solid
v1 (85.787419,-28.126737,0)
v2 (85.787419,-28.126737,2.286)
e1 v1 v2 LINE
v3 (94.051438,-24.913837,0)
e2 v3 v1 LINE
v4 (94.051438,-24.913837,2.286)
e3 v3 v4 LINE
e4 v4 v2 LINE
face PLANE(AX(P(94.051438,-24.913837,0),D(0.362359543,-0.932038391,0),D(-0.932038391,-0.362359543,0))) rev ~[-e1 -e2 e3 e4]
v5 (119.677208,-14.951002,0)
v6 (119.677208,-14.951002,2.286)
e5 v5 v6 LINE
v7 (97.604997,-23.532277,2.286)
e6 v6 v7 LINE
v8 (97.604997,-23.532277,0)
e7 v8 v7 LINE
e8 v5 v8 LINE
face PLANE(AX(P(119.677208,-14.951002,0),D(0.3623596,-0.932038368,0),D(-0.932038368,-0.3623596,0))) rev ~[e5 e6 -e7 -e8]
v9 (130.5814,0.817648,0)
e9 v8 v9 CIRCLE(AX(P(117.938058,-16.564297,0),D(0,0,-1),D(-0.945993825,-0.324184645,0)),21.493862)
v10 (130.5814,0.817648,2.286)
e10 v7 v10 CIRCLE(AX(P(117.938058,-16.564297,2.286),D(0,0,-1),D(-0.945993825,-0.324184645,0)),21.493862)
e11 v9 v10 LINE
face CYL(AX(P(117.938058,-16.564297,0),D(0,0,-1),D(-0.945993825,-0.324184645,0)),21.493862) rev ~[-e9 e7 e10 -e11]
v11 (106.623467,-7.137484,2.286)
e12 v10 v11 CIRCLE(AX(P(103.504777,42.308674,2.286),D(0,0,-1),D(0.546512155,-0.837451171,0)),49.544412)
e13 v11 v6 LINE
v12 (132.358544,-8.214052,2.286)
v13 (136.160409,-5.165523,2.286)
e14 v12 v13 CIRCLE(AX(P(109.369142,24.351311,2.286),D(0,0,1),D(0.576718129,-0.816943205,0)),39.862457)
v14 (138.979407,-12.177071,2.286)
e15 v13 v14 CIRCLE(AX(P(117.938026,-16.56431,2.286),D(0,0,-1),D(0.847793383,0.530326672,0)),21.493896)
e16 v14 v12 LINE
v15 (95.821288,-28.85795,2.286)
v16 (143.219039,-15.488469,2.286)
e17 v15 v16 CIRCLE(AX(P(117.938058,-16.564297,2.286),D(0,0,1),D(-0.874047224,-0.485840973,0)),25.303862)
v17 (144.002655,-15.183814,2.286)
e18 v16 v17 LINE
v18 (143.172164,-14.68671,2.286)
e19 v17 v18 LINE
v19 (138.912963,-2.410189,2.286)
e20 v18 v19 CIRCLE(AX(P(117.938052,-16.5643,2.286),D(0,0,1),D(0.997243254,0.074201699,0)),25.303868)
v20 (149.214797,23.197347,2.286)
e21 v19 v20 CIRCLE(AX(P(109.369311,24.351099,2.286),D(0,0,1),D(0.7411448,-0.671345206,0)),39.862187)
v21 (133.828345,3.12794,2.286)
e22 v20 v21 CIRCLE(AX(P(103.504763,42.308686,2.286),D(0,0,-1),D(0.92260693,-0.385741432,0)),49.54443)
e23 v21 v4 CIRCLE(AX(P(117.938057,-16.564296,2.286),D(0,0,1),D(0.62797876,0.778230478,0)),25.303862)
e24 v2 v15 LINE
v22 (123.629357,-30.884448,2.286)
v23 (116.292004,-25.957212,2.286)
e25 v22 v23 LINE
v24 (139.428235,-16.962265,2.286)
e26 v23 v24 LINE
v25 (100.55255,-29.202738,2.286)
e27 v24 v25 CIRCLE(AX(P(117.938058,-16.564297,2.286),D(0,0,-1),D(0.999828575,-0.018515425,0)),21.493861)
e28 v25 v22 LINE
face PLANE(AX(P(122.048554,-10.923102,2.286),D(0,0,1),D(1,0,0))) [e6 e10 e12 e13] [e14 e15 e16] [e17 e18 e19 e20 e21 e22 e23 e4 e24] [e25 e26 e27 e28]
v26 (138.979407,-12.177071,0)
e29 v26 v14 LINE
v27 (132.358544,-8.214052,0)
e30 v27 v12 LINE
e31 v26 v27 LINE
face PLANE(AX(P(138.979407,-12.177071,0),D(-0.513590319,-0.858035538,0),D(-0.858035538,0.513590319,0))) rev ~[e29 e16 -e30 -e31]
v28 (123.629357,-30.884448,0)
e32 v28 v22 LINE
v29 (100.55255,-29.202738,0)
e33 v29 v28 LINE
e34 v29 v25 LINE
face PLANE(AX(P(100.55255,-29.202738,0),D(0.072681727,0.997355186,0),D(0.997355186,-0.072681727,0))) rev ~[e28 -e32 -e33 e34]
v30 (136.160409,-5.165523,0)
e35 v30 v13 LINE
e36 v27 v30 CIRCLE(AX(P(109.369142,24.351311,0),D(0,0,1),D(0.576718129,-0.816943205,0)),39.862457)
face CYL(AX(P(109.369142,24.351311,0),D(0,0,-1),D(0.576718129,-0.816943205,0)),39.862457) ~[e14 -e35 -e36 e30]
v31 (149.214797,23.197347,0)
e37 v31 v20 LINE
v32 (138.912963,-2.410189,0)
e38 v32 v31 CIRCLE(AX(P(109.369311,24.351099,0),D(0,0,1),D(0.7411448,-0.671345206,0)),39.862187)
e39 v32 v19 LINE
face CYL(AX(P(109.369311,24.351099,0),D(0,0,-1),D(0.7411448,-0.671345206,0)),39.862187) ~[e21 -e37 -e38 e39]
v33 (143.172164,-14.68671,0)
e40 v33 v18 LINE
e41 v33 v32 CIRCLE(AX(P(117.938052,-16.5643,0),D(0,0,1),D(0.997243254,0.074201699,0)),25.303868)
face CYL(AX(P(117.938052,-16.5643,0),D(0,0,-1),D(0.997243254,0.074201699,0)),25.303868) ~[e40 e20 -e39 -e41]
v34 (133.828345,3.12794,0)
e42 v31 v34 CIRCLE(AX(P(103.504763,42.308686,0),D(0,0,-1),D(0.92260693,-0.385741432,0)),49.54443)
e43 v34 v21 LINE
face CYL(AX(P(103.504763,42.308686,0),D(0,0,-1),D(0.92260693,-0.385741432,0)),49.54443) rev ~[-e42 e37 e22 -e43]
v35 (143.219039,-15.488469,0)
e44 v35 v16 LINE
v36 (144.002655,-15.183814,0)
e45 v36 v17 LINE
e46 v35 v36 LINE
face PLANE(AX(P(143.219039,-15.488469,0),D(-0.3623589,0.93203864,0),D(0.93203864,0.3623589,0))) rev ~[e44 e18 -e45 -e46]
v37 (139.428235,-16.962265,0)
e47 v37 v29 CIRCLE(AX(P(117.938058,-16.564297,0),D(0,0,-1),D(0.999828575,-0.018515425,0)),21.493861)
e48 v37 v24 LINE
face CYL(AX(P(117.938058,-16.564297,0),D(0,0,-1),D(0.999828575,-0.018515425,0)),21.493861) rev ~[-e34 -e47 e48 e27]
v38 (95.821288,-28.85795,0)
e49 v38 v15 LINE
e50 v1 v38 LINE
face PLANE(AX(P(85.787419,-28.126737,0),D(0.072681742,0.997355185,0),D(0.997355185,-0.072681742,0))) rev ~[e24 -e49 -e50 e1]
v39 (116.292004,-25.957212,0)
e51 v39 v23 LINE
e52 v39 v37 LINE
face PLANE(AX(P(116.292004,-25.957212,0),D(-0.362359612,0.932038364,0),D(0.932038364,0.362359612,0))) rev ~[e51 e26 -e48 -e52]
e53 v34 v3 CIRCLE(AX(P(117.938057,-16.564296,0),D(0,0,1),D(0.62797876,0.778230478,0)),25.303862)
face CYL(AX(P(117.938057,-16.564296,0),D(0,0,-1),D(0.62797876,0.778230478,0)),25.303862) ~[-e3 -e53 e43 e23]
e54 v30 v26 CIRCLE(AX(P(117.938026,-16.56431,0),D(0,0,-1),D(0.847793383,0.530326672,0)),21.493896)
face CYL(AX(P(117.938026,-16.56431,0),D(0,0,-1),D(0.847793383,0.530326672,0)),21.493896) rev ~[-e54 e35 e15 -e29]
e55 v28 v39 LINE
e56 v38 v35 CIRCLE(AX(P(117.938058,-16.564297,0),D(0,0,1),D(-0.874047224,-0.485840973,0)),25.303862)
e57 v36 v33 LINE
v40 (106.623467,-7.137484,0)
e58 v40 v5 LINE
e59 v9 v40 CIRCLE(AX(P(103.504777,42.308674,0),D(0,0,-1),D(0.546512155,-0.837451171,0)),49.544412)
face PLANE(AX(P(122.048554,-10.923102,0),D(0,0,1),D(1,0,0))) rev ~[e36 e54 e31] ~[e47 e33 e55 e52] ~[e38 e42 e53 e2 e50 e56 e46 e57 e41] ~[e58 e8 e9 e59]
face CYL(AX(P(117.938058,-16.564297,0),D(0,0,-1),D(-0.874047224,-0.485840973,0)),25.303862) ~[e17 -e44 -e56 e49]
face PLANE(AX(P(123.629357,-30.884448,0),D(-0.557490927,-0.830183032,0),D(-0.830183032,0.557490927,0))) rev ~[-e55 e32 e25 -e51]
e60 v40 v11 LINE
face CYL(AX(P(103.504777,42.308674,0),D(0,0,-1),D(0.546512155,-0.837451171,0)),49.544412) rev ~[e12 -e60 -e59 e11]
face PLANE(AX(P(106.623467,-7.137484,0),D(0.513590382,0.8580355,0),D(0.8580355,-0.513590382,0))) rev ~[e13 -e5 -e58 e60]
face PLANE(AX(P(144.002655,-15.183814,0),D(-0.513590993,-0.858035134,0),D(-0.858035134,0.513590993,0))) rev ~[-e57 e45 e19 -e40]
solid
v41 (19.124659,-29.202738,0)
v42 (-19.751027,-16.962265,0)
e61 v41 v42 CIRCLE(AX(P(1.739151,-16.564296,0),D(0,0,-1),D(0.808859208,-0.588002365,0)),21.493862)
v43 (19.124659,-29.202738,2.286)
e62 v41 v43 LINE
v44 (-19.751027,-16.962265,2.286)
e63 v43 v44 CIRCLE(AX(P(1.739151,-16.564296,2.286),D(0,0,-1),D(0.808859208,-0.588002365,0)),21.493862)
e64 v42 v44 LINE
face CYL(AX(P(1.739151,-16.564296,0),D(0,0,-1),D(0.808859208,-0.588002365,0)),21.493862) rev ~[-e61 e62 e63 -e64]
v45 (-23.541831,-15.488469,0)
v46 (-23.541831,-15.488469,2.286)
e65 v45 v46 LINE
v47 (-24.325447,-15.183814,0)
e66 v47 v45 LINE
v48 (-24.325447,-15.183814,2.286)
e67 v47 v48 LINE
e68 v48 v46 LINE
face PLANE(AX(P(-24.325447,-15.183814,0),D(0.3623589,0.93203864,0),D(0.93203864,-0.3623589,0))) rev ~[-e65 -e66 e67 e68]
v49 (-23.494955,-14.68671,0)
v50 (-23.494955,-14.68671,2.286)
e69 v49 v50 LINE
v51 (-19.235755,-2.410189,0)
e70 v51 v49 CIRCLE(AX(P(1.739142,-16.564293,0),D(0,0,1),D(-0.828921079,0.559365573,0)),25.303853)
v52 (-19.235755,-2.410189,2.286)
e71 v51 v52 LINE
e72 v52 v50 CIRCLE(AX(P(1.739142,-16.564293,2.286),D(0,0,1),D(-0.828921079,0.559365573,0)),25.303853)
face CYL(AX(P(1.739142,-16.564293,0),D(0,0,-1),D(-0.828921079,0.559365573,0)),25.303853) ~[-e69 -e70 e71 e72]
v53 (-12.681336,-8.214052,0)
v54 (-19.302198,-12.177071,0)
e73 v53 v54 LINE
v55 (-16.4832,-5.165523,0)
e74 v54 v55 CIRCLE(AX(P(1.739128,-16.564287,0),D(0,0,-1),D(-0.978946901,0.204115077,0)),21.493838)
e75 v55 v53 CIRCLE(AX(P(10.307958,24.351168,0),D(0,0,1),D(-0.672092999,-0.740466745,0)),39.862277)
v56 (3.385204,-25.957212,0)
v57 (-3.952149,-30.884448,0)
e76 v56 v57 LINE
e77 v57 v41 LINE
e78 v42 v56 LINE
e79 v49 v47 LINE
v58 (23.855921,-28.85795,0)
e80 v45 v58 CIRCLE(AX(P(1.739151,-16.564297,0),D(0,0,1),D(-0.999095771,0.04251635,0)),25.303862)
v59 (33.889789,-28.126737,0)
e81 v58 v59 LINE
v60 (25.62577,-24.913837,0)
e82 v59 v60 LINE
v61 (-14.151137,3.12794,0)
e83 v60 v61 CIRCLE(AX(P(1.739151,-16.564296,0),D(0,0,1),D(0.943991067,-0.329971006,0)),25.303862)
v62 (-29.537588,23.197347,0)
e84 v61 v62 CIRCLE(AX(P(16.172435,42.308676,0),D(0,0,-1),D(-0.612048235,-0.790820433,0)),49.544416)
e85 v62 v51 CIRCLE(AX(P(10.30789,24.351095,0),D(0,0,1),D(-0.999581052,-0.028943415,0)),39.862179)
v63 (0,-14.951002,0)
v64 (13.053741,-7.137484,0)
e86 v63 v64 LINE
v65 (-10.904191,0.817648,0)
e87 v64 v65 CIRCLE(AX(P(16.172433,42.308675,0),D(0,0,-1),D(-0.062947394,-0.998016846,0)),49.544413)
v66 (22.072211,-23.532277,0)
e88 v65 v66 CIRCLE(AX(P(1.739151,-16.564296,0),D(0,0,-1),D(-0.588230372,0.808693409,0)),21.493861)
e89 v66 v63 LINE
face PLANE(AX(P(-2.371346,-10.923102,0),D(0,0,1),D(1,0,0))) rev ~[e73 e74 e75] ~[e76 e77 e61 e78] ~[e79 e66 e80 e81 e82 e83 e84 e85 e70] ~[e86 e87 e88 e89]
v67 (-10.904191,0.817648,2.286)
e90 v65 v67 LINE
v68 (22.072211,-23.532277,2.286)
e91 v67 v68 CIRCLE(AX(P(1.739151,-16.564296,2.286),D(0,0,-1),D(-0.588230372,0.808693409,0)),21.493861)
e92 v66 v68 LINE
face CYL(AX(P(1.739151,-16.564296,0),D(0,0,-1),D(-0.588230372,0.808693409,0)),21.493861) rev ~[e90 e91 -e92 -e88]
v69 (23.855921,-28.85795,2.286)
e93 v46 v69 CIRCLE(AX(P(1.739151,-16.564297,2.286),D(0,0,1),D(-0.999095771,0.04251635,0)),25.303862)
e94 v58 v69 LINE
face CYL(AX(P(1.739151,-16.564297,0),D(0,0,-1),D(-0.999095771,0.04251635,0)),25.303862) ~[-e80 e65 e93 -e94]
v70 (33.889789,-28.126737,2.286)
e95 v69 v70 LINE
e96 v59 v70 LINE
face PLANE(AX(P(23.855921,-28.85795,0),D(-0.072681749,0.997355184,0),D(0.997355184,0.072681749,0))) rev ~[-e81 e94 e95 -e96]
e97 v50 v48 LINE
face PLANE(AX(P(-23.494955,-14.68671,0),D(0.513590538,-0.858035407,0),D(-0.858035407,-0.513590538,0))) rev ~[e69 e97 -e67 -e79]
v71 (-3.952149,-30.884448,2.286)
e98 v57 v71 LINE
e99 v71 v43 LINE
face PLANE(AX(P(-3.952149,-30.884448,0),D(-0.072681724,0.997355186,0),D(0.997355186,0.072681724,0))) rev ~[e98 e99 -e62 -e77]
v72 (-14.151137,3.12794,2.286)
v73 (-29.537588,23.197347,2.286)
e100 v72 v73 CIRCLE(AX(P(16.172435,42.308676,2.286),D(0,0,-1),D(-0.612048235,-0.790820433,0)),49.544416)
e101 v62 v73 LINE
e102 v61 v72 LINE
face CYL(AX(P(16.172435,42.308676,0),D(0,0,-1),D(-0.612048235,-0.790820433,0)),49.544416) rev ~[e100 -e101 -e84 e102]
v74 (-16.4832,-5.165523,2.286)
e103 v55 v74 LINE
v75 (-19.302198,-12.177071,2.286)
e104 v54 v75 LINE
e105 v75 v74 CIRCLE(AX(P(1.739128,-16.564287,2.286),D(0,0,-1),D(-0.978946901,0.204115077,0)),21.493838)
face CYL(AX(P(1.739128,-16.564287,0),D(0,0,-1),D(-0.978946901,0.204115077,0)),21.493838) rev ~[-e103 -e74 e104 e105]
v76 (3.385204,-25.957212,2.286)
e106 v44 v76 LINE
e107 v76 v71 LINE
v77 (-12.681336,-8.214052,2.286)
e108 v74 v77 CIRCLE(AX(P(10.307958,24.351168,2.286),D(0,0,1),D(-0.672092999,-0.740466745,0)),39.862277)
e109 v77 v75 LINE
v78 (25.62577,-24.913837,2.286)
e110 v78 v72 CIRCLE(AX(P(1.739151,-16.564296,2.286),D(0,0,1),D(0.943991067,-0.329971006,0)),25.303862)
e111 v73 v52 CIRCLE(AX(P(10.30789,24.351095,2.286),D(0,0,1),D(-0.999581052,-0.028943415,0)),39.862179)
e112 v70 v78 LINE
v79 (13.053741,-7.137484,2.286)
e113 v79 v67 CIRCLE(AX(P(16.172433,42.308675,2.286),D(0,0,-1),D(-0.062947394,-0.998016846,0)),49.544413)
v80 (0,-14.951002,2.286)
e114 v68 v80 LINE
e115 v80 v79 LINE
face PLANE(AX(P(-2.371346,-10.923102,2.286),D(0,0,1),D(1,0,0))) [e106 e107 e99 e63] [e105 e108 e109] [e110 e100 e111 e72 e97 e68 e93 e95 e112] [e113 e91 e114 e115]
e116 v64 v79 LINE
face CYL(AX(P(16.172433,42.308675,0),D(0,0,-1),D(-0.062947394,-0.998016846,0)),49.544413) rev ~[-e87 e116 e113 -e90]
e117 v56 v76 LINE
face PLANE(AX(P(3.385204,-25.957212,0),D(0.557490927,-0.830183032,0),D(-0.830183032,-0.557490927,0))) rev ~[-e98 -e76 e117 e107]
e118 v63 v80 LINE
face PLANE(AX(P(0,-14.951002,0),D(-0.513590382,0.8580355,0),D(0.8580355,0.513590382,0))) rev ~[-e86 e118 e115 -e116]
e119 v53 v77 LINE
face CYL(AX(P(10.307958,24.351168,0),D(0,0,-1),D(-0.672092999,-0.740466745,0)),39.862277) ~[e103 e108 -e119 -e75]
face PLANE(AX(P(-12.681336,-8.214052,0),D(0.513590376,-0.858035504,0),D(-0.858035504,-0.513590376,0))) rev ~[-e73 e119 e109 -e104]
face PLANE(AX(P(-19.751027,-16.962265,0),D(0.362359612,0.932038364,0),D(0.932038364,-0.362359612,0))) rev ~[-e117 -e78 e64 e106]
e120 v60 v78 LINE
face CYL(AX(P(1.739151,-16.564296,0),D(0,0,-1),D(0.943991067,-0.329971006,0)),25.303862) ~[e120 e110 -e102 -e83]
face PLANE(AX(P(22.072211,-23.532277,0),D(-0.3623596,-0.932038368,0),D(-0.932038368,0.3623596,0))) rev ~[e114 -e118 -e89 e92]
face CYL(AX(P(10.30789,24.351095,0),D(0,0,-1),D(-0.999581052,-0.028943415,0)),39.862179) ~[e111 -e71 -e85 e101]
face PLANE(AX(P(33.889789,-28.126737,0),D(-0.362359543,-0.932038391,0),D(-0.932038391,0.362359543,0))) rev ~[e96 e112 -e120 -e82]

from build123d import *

# Parameters (mm, degrees)
F1_DEPTH = 2.286


with BuildPart() as f1:
    # F0 (on Top) → F1 (new body)
    with BuildSketch(Plane.XY):
        with BuildLine():
            ThreePointArc((-14.151137, 3.12794), (-23.146418, 12.164408), (-29.537588, 23.197347))
            ThreePointArc((-29.537588, 23.197347), (-26.67385, 9.473455), (-19.235755, -2.410189))
            ThreePointArc((-19.235755, -2.410189), (-22.166841, -8.270383), (-23.494955, -14.68671))
            Line((-23.494955, -14.68671), (-24.325447, -15.183814))
            Line((-24.325447, -15.183814), (-23.541831, -15.488469))
            ThreePointArc((-23.541831, -15.488469), (-5.130261, -40.917872), (23.855921, -28.85795))
            Line((23.855921, -28.85795), (33.889789, -28.126737))
            Line((33.889789, -28.126737), (25.62577, -24.913837))
            ThreePointArc((25.62577, -24.913837), (16.318953, 4.11697), (-14.151137, 3.12794))
        make_face()
        with BuildLine():
            Line((3.385204, -25.957212), (-3.952149, -30.884448))
            Line((-3.952149, -30.884448), (19.124659, -29.202738))
            ThreePointArc((19.124659, -29.202738), (-4.716031, -37.065924), (-19.751027, -16.962265))
            Line((-19.751027, -16.962265), (3.385204, -25.957212))
        make_face(mode=Mode.SUBTRACT)
        with BuildLine():
            ThreePointArc((-19.302198, -12.177071), (-18.203266, -8.546433), (-16.4832, -5.165523))
            ThreePointArc((-16.4832, -5.165523), (-14.628897, -6.747939), (-12.681336, -8.214052))
            Line((-12.681336, -8.214052), (-19.302198, -12.177071))
        make_face(mode=Mode.SUBTRACT)
        with BuildLine():
            Line((0, -14.951002), (13.053741, -7.137484))
            ThreePointArc((13.053741, -7.137484), (0.559608, -4.711412), (-10.904191, 0.817648))
            ThreePointArc((-10.904191, 0.817648), (14.506792, 0.726552), (22.072211, -23.532277))
            Line((22.072211, -23.532277), (0, -14.951002))
        make_face(mode=Mode.SUBTRACT)
        with BuildLine():
            ThreePointArc((133.828345, 3.12794), (103.358255, 4.11697), (94.051438, -24.913837))
            Line((94.051438, -24.913837), (85.787419, -28.126737))
            Line((85.787419, -28.126737), (95.821288, -28.85795))
            ThreePointArc((95.821288, -28.85795), (124.807469, -40.917872), (143.219039, -15.488469))
            Line((143.219039, -15.488469), (144.002655, -15.183814))
            Line((144.002655, -15.183814), (143.172164, -14.68671))
            ThreePointArc((143.172164, -14.68671), (141.844049, -8.270383), (138.912963, -2.410189))
            ThreePointArc((138.912963, -2.410189), (146.351058, 9.473455), (149.214797, 23.197347))
            ThreePointArc((149.214797, 23.197347), (142.823626, 12.164408), (133.828345, 3.12794))
        make_face()
        with BuildLine():
            Line((116.292004, -25.957212), (139.428235, -16.962265))
            ThreePointArc((139.428235, -16.962265), (124.39324, -37.065924), (100.55255, -29.202738))
            Line((100.55255, -29.202738), (123.629357, -30.884448))
            Line((123.629357, -30.884448), (116.292004, -25.957212))
        make_face(mode=Mode.SUBTRACT)
        with BuildLine():
            Line((119.677208, -14.951002), (97.604997, -23.532277))
            ThreePointArc((97.604997, -23.532277), (105.170417, 0.726552), (130.5814, 0.817648))
            ThreePointArc((130.5814, 0.817648), (119.117601, -4.711412), (106.623467, -7.137484))
            Line((106.623467, -7.137484), (119.677208, -14.951002))
        make_face(mode=Mode.SUBTRACT)
        with BuildLine():
            ThreePointArc((136.160409, -5.165523), (137.880474, -8.546433), (138.979407, -12.177071))
            Line((138.979407, -12.177071), (132.358544, -8.214052))
            ThreePointArc((132.358544, -8.214052), (134.306105, -6.747939), (136.160409, -5.165523))
        make_face(mode=Mode.SUBTRACT)
    extrude(amount=F1_DEPTH)


solid = f1.part
